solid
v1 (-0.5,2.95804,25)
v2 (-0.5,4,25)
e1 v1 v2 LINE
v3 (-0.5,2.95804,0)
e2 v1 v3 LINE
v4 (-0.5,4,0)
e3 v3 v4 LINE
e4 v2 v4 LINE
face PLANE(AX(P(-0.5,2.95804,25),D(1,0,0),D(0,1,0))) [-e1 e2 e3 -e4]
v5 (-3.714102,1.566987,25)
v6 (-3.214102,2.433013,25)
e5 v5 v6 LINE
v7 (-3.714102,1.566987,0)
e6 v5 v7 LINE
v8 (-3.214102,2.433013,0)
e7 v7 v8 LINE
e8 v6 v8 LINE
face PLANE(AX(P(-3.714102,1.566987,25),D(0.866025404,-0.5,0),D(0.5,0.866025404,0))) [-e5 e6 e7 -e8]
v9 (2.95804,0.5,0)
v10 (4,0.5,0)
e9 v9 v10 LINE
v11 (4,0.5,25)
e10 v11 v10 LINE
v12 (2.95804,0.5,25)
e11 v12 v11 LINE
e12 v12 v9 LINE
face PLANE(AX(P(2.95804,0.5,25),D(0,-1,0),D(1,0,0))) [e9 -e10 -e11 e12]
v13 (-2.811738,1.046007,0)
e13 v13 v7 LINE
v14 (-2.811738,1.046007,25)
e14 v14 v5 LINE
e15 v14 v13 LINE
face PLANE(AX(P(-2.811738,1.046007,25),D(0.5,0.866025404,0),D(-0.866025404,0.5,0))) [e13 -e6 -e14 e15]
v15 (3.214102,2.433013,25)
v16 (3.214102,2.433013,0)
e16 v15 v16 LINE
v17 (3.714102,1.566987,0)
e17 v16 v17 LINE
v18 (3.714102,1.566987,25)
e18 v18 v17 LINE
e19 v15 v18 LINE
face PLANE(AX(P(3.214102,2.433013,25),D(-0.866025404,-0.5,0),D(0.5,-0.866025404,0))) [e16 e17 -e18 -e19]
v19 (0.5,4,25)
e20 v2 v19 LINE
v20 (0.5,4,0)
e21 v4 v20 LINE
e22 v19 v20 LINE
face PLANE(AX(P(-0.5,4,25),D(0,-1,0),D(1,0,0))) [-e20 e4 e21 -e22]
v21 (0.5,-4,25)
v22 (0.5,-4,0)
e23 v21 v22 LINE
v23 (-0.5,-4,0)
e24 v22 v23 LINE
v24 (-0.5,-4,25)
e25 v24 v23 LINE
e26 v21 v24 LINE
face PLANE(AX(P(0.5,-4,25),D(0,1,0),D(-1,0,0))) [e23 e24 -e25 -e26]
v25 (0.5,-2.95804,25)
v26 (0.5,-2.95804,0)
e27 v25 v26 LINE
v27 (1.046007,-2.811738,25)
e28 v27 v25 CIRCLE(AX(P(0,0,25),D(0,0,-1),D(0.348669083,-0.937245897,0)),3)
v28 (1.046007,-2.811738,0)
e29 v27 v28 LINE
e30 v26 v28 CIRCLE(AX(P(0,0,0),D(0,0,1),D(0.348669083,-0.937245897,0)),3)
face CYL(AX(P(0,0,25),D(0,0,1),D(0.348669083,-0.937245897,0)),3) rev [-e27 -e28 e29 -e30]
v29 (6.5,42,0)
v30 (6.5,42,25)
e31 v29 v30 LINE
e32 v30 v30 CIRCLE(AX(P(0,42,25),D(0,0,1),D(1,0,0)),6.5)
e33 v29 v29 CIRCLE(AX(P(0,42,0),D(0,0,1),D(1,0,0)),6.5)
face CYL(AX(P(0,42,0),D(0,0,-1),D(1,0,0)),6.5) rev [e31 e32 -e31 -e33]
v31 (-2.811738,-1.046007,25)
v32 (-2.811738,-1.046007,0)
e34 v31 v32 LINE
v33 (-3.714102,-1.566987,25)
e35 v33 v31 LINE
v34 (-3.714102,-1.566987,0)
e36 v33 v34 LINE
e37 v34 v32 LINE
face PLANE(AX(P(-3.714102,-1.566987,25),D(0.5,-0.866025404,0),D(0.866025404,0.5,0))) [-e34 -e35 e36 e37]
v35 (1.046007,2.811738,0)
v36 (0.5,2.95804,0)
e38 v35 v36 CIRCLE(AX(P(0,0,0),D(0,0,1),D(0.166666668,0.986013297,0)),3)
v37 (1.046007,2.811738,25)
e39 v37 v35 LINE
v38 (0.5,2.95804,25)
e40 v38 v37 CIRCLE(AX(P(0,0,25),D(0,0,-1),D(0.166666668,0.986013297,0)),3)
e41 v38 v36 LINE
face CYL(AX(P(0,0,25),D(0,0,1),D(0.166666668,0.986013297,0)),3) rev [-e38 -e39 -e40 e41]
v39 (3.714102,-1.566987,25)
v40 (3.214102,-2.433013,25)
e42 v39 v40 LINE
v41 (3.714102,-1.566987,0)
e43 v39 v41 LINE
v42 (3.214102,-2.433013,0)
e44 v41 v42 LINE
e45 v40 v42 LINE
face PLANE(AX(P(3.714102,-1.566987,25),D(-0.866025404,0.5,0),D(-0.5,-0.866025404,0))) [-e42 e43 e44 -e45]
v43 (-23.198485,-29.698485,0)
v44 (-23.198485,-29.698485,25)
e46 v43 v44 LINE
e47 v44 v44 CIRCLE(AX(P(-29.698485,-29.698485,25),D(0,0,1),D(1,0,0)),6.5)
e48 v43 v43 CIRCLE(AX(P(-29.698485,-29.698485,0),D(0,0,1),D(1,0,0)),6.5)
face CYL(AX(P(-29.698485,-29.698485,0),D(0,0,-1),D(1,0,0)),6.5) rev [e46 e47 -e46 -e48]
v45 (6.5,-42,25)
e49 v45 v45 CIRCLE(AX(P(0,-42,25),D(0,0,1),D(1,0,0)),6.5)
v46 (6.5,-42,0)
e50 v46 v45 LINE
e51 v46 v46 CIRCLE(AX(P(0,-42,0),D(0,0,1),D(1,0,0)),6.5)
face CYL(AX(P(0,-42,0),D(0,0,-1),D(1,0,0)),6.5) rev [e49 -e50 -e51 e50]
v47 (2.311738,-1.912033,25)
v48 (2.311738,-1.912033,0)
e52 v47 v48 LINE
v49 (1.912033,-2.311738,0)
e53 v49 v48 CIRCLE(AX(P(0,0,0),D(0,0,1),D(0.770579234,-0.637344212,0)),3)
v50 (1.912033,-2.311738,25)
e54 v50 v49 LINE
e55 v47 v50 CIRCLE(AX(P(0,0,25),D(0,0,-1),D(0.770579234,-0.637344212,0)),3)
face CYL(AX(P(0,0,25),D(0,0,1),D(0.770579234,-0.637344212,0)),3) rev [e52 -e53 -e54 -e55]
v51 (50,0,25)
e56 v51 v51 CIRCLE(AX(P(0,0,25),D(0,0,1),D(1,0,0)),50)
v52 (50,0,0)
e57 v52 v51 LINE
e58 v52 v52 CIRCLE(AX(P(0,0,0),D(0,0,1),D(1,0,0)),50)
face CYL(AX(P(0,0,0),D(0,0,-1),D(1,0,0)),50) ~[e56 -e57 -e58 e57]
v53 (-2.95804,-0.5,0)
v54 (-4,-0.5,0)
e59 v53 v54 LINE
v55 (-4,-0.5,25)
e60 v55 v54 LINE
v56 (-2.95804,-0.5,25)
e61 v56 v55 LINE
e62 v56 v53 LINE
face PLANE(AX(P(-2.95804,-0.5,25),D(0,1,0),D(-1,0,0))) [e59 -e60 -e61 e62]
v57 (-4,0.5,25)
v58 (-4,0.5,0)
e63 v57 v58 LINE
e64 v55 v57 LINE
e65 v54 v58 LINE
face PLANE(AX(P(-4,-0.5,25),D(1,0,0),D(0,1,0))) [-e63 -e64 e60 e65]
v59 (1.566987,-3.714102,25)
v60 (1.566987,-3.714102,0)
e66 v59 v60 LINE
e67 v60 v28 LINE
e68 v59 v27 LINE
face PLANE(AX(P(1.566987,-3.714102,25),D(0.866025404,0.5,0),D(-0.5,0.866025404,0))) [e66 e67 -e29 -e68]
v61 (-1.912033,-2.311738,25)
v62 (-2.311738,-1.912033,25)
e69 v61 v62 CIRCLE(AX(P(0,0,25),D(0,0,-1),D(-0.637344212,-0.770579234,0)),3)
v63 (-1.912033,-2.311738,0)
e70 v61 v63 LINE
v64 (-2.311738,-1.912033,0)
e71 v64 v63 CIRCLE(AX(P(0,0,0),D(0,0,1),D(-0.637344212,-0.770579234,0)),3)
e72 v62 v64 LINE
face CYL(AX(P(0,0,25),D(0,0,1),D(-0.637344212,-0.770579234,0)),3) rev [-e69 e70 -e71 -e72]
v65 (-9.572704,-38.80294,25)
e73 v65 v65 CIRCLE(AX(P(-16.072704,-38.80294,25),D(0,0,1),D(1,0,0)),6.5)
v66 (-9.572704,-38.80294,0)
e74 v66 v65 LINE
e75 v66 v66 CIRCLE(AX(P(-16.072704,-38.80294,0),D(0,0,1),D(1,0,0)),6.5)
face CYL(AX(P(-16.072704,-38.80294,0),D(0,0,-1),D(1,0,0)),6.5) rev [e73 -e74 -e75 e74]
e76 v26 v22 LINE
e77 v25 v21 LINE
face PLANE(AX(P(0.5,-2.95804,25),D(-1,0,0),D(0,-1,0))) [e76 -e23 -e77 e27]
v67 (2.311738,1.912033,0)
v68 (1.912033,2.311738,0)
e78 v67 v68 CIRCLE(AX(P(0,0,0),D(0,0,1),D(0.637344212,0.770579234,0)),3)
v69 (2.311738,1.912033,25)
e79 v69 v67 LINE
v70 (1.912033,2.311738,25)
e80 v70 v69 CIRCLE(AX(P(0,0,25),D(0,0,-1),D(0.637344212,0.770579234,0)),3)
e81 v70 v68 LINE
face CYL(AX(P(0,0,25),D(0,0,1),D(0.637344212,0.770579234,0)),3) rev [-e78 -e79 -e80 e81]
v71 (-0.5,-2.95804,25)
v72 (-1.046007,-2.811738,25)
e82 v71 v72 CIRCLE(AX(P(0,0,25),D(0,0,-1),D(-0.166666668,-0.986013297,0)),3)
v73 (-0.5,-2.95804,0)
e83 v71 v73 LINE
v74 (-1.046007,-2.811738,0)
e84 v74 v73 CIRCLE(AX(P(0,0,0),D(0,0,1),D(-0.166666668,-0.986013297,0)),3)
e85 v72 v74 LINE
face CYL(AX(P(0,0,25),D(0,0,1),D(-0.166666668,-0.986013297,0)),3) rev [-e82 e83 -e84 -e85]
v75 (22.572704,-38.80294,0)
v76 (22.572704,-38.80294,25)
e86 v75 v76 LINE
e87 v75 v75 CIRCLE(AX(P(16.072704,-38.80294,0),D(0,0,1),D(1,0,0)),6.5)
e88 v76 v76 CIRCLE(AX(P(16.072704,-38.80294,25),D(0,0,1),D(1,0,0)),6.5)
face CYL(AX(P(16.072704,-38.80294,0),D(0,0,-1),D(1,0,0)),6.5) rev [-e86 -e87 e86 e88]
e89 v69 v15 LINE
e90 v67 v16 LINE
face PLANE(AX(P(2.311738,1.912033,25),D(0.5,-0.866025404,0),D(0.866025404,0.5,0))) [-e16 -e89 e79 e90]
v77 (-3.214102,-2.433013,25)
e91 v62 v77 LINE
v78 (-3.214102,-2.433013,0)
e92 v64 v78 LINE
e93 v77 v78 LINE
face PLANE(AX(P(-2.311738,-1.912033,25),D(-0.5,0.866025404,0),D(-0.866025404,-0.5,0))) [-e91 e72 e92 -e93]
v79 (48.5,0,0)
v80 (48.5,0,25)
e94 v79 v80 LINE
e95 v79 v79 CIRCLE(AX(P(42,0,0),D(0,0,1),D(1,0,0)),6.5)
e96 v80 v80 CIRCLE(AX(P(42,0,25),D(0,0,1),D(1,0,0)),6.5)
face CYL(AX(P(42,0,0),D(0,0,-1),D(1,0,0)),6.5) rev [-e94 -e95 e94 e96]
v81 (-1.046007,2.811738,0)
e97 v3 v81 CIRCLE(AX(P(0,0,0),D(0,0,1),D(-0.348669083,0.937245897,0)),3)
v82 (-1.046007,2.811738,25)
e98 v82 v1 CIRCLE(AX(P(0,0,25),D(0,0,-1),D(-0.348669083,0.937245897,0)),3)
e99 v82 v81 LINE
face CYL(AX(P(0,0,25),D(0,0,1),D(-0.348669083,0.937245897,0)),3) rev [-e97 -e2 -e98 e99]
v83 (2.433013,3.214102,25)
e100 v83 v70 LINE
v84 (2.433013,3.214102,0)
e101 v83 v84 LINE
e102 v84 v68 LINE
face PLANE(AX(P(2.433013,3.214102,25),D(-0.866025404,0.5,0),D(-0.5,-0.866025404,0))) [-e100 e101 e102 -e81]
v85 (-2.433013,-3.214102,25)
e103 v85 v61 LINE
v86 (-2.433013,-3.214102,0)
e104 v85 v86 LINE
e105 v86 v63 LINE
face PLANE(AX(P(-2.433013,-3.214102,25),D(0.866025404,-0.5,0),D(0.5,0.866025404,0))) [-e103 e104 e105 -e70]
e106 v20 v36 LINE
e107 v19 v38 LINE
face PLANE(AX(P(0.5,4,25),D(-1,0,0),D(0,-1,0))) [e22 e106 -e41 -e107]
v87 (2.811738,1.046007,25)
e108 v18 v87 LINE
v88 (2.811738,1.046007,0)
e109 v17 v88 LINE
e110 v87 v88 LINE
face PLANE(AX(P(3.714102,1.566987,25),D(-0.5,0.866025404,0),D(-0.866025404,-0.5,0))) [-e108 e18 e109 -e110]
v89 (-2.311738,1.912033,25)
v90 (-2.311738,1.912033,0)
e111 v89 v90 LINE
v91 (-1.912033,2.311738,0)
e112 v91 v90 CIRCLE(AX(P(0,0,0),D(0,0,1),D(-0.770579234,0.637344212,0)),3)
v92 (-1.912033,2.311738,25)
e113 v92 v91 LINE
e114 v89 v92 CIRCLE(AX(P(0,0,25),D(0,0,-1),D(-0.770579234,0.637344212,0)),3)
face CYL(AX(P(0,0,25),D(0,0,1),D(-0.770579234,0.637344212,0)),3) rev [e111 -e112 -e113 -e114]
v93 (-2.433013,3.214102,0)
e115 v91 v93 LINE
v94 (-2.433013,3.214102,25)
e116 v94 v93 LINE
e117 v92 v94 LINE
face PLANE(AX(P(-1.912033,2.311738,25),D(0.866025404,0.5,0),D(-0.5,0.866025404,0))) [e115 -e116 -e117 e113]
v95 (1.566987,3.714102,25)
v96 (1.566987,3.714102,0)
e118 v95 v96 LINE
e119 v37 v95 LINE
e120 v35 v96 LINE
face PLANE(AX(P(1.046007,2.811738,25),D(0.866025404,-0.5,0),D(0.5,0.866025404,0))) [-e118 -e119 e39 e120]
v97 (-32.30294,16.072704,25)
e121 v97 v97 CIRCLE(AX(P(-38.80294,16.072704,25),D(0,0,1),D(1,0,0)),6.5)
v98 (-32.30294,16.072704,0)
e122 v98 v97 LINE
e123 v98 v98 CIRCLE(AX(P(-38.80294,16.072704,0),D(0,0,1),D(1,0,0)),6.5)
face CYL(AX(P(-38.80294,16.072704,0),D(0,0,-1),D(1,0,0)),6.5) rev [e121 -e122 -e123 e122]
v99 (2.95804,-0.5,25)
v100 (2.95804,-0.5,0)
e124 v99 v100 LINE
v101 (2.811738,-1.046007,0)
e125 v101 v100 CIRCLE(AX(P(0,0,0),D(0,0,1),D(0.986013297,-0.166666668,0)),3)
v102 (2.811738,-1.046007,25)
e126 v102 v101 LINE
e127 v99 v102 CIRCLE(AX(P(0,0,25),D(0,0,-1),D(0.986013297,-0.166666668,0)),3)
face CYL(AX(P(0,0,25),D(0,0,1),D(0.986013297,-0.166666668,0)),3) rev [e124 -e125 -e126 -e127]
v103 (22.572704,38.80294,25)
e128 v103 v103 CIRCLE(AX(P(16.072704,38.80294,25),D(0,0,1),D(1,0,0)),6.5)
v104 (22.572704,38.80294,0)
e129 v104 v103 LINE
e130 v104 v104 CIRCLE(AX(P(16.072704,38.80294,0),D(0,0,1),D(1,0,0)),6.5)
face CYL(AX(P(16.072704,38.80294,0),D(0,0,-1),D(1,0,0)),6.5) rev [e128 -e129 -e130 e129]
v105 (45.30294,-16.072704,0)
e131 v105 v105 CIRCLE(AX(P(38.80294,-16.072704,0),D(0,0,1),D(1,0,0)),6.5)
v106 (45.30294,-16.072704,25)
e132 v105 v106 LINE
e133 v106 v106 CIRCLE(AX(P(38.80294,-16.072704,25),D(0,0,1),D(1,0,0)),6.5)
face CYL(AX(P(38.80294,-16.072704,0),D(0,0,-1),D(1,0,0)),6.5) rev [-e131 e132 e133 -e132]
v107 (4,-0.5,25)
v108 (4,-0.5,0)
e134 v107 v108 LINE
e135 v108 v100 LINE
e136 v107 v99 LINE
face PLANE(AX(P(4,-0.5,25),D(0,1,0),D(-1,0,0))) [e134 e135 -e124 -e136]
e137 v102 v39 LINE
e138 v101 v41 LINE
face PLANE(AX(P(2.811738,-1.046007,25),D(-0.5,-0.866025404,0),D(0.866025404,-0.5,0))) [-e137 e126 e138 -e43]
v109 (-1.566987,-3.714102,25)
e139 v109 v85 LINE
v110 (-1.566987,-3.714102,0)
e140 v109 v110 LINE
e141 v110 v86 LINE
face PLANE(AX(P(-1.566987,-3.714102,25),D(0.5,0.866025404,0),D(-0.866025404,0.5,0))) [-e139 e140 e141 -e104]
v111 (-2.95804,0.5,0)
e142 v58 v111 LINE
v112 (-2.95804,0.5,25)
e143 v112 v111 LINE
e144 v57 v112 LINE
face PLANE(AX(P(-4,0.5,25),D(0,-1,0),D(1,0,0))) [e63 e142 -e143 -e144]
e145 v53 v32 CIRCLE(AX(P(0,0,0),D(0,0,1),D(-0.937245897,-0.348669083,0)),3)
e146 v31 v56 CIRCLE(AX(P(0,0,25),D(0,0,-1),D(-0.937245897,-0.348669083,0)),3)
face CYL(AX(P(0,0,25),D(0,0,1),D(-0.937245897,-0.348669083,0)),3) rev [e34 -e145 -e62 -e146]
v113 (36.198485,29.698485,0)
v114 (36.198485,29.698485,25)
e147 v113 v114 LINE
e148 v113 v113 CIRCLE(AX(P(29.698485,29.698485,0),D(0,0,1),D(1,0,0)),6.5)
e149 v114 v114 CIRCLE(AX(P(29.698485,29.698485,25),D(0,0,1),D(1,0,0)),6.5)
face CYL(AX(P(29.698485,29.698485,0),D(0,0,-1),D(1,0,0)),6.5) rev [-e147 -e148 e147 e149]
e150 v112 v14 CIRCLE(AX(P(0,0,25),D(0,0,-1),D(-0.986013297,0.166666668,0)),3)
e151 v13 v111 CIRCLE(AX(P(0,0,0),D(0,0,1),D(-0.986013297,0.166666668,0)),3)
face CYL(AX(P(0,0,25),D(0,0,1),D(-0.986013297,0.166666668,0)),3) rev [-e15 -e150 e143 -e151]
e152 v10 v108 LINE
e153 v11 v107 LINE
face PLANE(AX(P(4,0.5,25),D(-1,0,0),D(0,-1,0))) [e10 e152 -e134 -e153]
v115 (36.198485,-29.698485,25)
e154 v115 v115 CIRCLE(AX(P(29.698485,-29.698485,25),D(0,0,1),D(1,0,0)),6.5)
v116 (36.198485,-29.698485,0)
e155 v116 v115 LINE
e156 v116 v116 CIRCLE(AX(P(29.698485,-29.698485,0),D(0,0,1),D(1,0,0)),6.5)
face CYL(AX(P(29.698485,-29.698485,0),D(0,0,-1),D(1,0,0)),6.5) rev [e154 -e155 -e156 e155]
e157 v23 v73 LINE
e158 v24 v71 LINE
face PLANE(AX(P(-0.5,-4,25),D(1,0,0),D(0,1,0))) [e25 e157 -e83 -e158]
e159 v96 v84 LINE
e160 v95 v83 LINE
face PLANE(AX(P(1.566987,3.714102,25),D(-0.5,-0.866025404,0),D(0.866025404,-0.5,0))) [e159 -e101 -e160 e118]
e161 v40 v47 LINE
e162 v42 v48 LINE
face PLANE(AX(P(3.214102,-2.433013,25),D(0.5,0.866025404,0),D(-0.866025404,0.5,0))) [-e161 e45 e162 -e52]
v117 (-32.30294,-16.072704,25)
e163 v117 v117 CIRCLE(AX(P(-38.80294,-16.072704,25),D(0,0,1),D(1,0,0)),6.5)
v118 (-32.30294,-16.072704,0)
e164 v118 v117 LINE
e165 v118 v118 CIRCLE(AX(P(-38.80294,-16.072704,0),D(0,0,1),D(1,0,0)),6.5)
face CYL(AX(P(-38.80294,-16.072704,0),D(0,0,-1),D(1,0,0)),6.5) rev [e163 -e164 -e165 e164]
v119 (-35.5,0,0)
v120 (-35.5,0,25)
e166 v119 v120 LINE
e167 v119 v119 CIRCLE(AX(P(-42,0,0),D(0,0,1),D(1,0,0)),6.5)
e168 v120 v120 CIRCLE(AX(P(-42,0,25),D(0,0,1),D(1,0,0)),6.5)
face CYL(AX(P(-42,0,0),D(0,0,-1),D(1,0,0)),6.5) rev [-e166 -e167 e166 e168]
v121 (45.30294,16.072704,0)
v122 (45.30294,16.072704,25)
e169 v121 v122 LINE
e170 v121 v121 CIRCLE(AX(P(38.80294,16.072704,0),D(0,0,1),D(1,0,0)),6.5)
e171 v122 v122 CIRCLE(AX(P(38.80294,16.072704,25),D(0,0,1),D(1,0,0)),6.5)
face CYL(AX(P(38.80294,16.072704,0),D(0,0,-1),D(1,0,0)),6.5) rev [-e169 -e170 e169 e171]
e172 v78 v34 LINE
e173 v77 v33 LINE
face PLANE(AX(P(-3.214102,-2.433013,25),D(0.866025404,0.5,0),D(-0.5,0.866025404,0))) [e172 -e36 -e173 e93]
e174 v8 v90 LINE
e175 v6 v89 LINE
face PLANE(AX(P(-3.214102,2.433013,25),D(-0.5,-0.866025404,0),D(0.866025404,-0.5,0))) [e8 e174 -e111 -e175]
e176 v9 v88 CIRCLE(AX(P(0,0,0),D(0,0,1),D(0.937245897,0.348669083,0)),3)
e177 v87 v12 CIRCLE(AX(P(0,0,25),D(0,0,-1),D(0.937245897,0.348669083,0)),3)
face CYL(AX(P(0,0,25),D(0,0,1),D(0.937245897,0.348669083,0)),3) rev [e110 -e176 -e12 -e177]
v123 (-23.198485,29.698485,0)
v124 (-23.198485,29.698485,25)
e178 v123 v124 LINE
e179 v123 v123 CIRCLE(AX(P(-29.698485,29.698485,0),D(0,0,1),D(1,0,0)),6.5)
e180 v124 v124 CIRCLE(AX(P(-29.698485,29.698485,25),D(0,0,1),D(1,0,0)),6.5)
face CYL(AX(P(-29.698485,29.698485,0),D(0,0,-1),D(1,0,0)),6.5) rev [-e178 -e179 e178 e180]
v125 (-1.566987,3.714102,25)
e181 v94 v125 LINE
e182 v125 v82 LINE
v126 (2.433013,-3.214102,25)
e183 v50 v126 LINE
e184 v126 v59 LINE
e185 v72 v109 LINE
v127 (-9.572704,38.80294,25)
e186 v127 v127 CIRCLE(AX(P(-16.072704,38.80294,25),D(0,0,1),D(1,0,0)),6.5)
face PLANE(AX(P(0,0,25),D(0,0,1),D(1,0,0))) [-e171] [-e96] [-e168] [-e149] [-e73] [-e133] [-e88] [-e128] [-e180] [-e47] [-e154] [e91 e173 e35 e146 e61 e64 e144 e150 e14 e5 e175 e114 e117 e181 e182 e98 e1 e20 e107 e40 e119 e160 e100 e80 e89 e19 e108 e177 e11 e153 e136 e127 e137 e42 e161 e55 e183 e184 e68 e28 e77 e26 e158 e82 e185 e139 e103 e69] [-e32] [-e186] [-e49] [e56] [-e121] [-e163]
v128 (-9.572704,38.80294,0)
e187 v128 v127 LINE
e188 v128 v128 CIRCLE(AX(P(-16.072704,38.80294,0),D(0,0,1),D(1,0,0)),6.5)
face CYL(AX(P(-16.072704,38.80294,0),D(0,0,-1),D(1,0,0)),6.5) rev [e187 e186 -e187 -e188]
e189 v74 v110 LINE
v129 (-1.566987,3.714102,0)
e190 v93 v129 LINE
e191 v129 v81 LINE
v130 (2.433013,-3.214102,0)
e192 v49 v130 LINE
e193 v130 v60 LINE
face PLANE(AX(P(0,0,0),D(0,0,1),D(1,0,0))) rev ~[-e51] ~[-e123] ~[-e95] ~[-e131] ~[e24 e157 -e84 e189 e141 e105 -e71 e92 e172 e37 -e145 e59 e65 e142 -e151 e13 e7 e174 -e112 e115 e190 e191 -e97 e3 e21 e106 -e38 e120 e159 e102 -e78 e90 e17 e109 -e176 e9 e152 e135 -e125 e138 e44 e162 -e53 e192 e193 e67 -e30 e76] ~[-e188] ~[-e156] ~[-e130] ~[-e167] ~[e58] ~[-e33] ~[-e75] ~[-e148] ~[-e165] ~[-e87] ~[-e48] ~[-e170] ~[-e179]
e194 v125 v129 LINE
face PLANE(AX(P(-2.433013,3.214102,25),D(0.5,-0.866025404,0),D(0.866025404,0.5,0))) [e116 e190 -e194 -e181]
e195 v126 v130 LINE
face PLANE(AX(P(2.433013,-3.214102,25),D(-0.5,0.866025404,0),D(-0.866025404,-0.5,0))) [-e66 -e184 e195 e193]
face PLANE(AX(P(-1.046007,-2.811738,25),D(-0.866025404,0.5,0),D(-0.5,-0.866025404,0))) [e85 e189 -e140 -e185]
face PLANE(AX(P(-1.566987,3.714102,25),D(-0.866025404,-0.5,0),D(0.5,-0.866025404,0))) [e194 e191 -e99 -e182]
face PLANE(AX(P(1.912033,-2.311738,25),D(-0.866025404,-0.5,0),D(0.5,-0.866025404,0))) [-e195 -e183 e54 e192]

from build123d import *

# Parameters (mm, degrees)
SKETCH2_R           = 50
SKETCH2_R_2         = 6.5
BOSS_EXTRUDE1_DEPTH = 25
CUT_EXTRUDE1_DEPTH  = 76


with BuildPart() as part:
    # Sketch2 → Boss-Extrude1 (new body)
    with BuildSketch(Plane(origin=(0, 0, 0), x_dir=(0, 1, 0), z_dir=(0, 0, 1))):
        with Locations(Location((0, 0, 0), (0, 0, 270))):
            Circle(SKETCH2_R)
        with Locations(Location((0, 42, 0), (0, 0, 270))):
            Circle(SKETCH2_R_2, mode=Mode.SUBTRACT)
        with Locations(Location((29.69848481, 29.69848481, 0), (0, 0, 270))):
            Circle(SKETCH2_R_2, mode=Mode.SUBTRACT)
        with Locations(Location((42, 0, 0), (0, 0, 270))):
            Circle(SKETCH2_R_2, mode=Mode.SUBTRACT)
        with Locations(Location((29.69848481, -29.69848481, 0), (0, 0, 270))):
            Circle(SKETCH2_R_2, mode=Mode.SUBTRACT)
        with Locations(Location((0, -42, 0), (0, 0, 270))):
            Circle(SKETCH2_R_2, mode=Mode.SUBTRACT)
        with Locations(Location((-29.69848481, -29.69848481, 0), (0, 0, 270))):
            Circle(SKETCH2_R_2, mode=Mode.SUBTRACT)
        with Locations(Location((-42, 0, 0), (0, 0, 270))):
            Circle(SKETCH2_R_2, mode=Mode.SUBTRACT)
        with Locations(Location((-29.69848481, 29.69848481, 0), (0, 0, 270))):
            Circle(SKETCH2_R_2, mode=Mode.SUBTRACT)
        with Locations(Location((-38.802940365, 16.072704159, 0), (0, 0, 270))):
            Circle(SKETCH2_R_2, mode=Mode.SUBTRACT)
        with Locations(Location((-16.072704159, 38.802940365, 0), (0, 0, 270))):
            Circle(SKETCH2_R_2, mode=Mode.SUBTRACT)
        with Locations(Location((16.072704159, 38.802940365, 0), (0, 0, 270))):
            Circle(SKETCH2_R_2, mode=Mode.SUBTRACT)
        with Locations(Location((38.802940365, 16.072704159, 0), (0, 0, 270))):
            Circle(SKETCH2_R_2, mode=Mode.SUBTRACT)
        with Locations(Location((38.802940365, -16.072704159, 0), (0, 0, 270))):
            Circle(SKETCH2_R_2, mode=Mode.SUBTRACT)
        with Locations(Location((16.072704159, -38.802940365, 0), (0, 0, 270))):
            Circle(SKETCH2_R_2, mode=Mode.SUBTRACT)
        with Locations(Location((-16.072704159, -38.802940365, 0), (0, 0, 270))):
            Circle(SKETCH2_R_2, mode=Mode.SUBTRACT)
        with Locations(Location((-38.802940365, -16.072704159, 0), (0, 0, 270))):
            Circle(SKETCH2_R_2, mode=Mode.SUBTRACT)
    extrude(amount=BOSS_EXTRUDE1_DEPTH)

    # Sketch4 → Cut-Extrude1 (cut, through all)
    with BuildSketch(Plane.XY.offset(25)):
        with BuildLine():
            Line((-0.5, 4), (0.5, 4))
            Line((0.5, 4), (0.5, 2.958039892))
            ThreePointArc((0.5, 2.958039892), (0.776457135, 2.897777479), (1.046007244, 2.811737691))
            Line((1.046007244, 2.811737691), (1.566987298, 3.714101615))
            Line((1.566987298, 3.714101615), (2.433012702, 3.214101615))
            Line((2.433012702, 3.214101615), (1.912032648, 2.311737691))
            ThreePointArc((1.912032648, 2.311737691), (2.121320344, 2.121320344), (2.311737691, 1.912032648))
            Line((2.311737691, 1.912032648), (3.214101615, 2.433012702))
            Line((3.214101615, 2.433012702), (3.714101615, 1.566987298))
            Line((3.714101615, 1.566987298), (2.811737691, 1.046007244))
            ThreePointArc((2.811737691, 1.046007244), (2.897777479, 0.776457135), (2.958039892, 0.5))
            Line((2.958039892, 0.5), (4, 0.5))
            Line((4, 0.5), (4, -0.5))
            Line((4, -0.5), (2.958039892, -0.5))
            ThreePointArc((2.958039892, -0.5), (2.897777479, -0.776457135), (2.811737691, -1.046007244))
            Line((2.811737691, -1.046007244), (3.714101615, -1.566987298))
            Line((3.714101615, -1.566987298), (3.214101615, -2.433012702))
            Line((3.214101615, -2.433012702), (2.311737691, -1.912032648))
            ThreePointArc((2.311737691, -1.912032648), (2.121320344, -2.121320344), (1.912032648, -2.311737691))
            Line((1.912032648, -2.311737691), (2.433012702, -3.214101615))
            Line((2.433012702, -3.214101615), (1.566987298, -3.714101615))
            Line((1.566987298, -3.714101615), (1.046007244, -2.811737691))
            ThreePointArc((1.046007244, -2.811737691), (0.776457135, -2.897777479), (0.5, -2.958039892))
            Line((0.5, -2.958039892), (0.5, -4))
            Line((0.5, -4), (-0.5, -4))
            Line((-0.5, -4), (-0.5, -2.958039892))
            ThreePointArc((-0.5, -2.958039892), (-0.776457135, -2.897777479), (-1.046007244, -2.811737691))
            Line((-1.046007244, -2.811737691), (-1.566987298, -3.714101615))
            Line((-1.566987298, -3.714101615), (-2.433012702, -3.214101615))
            Line((-2.433012702, -3.214101615), (-1.912032648, -2.311737691))
            ThreePointArc((-1.912032648, -2.311737691), (-2.121320344, -2.121320344), (-2.311737691, -1.912032648))
            Line((-2.311737691, -1.912032648), (-3.214101615, -2.433012702))
            Line((-3.214101615, -2.433012702), (-3.714101615, -1.566987298))
            Line((-3.714101615, -1.566987298), (-2.811737691, -1.046007244))
            ThreePointArc((-2.811737691, -1.046007244), (-2.897777479, -0.776457135), (-2.958039892, -0.5))
            Line((-2.958039892, -0.5), (-4, -0.5))
            Line((-4, -0.5), (-4, 0.5))
            Line((-4, 0.5), (-2.958039892, 0.5))
            ThreePointArc((-2.958039892, 0.5), (-2.897777479, 0.776457135), (-2.811737691, 1.046007244))
            Line((-2.811737691, 1.046007244), (-3.714101615, 1.566987298))
            Line((-3.714101615, 1.566987298), (-3.214101615, 2.433012702))
            Line((-3.214101615, 2.433012702), (-2.311737691, 1.912032648))
            ThreePointArc((-2.311737691, 1.912032648), (-2.121320344, 2.121320344), (-1.912032648, 2.311737691))
            Line((-1.912032648, 2.311737691), (-2.433012702, 3.214101615))
            Line((-2.433012702, 3.214101615), (-1.566987298, 3.714101615))
            Line((-1.566987298, 3.714101615), (-1.046007244, 2.811737691))
            ThreePointArc((-1.046007244, 2.811737691), (-0.776457135, 2.897777479), (-0.5, 2.958039892))
            Line((-0.5, 2.958039892), (-0.5, 4))
        make_face()
    extrude(amount=-CUT_EXTRUDE1_DEPTH, mode=Mode.SUBTRACT)


solid = part.part
